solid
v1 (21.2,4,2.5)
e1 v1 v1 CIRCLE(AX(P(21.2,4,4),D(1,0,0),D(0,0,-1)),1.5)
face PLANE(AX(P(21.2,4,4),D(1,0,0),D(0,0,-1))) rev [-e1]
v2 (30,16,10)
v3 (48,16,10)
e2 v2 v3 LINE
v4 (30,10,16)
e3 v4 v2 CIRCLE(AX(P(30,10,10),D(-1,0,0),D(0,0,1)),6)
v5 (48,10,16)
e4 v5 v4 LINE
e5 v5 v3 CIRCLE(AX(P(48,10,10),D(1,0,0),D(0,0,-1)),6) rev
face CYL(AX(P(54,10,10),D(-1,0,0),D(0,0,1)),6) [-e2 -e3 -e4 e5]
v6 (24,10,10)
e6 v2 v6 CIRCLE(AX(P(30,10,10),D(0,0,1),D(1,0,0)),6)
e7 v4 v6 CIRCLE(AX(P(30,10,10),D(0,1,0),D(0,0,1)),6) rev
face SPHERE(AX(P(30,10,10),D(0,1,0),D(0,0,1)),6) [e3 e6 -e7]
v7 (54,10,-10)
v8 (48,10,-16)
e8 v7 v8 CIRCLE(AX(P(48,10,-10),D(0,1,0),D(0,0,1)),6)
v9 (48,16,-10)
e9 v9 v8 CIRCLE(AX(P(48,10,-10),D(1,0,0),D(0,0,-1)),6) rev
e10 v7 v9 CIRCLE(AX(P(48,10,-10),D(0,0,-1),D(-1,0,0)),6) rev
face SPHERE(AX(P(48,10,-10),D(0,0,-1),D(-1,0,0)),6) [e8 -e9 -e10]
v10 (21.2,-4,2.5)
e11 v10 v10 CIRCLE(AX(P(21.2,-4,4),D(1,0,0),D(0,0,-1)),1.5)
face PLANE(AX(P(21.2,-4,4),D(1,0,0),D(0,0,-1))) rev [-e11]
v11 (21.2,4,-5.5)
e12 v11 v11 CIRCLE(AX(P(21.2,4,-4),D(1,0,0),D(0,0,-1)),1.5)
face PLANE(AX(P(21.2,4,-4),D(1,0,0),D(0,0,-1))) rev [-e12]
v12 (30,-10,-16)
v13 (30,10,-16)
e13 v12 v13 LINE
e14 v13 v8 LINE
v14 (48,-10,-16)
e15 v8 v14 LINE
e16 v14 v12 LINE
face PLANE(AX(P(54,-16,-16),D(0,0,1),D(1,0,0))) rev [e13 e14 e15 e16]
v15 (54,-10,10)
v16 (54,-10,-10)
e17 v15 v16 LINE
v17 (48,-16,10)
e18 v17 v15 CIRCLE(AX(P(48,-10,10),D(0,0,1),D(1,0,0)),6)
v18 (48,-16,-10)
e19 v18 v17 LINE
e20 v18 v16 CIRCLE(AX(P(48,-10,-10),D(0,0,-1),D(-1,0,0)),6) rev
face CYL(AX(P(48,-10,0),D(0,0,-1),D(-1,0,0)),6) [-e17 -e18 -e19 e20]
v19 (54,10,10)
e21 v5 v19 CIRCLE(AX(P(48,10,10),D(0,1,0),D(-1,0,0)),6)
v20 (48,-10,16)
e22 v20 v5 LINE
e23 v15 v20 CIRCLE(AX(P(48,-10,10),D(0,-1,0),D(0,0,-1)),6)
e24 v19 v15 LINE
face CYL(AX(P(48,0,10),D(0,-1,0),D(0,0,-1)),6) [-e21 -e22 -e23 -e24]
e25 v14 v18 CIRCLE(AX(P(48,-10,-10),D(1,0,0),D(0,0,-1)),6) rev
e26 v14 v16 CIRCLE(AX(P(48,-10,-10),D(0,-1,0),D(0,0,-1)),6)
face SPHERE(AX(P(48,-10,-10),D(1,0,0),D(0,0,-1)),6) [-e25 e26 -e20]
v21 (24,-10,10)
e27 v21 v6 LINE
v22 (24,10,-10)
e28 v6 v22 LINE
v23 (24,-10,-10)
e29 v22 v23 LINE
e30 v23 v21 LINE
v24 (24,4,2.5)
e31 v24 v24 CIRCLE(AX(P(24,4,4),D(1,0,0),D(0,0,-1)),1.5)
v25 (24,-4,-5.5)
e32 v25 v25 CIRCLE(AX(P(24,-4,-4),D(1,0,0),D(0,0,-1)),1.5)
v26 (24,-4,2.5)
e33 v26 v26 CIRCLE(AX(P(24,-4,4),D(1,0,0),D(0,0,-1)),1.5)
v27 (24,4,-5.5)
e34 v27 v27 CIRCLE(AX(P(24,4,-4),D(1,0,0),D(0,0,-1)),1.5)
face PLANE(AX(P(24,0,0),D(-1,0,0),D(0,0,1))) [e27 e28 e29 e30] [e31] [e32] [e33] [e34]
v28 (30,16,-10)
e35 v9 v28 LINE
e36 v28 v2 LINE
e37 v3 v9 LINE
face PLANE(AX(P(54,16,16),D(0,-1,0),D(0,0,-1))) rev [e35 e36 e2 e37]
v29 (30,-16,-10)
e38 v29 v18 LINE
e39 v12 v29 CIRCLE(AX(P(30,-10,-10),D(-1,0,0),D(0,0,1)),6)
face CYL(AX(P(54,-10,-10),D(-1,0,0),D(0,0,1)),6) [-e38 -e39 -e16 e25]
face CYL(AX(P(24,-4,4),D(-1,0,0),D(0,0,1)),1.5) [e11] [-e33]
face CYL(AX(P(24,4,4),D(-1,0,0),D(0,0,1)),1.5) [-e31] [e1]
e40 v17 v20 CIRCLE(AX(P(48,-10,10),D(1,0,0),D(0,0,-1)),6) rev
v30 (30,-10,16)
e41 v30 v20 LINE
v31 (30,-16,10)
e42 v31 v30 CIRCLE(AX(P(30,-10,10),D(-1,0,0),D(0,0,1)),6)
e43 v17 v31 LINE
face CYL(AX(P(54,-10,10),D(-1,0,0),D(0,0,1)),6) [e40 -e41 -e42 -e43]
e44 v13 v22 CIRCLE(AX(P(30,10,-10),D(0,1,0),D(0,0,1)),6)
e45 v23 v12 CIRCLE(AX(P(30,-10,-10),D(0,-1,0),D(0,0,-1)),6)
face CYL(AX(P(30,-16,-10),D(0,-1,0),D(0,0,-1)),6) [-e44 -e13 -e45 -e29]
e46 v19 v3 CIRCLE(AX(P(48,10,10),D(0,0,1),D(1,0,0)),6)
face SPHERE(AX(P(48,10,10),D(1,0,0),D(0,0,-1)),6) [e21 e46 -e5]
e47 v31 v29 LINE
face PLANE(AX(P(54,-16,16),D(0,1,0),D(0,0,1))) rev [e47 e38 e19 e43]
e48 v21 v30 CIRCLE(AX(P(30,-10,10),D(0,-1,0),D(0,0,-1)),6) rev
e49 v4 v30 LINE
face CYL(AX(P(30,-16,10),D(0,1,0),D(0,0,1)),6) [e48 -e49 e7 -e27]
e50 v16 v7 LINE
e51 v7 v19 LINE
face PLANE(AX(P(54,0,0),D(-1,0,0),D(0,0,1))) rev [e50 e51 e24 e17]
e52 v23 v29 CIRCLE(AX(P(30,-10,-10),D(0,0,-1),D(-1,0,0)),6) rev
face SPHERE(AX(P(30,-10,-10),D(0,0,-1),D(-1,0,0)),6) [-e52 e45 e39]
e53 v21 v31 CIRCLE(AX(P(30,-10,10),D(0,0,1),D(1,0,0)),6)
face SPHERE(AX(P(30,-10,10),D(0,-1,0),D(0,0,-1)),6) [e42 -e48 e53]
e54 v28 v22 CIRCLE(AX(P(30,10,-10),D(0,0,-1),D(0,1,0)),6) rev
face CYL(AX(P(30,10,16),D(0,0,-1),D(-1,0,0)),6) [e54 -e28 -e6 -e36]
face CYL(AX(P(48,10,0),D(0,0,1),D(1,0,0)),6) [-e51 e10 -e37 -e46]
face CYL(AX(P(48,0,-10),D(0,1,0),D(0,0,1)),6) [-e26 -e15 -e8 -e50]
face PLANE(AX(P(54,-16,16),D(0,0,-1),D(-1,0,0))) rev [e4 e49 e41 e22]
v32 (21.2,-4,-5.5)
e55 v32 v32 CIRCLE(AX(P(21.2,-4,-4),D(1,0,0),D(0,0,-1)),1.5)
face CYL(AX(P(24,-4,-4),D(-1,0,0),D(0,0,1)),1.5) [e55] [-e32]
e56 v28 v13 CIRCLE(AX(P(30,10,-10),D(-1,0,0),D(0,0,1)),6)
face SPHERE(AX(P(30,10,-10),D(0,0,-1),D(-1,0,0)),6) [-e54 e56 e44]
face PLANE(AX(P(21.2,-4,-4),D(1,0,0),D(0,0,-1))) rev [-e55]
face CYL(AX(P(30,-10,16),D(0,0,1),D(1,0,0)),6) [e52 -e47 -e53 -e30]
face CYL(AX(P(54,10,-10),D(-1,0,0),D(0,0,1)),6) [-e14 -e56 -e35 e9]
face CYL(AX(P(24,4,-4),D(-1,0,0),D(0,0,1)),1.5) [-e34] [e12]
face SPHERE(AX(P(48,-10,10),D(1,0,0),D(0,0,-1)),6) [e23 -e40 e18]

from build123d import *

# Parameters (mm, degrees)
SKETCH1_W           = 32
SKETCH1_H           = 32
BOSS_EXTRUDE1_DEPTH = 30
FILLET1_R           = 6
SKETCH2_R           = 1.5
BOSS_EXTRUDE2_DEPTH = 2.8


with BuildPart() as part:
    # Sketch1 → Boss-Extrude1 (new body)
    with BuildSketch(Plane(origin=(24, 0, 0), x_dir=(0, 0, -1), z_dir=(1, 0, 0))):
        Rectangle(SKETCH1_W, SKETCH1_H)
    extrude(amount=BOSS_EXTRUDE1_DEPTH)

    # Fillet1
    fillet1_edges = [part.edges().sort_by_distance(p)[0] for p in [
        (54, 0, -16),
        (54, 16, 0),
        (54, 0, 16),
        (24, 16, 0),
        (24, 0, -16),
        (24, -16, 0),
        (24, 0, 16),
        (39, 16, 16),
        (39, 16, -16),
        (39, -16, -16),
        (39, -16, 16),
        (54, -16, 0),
    ]]
    fillet(fillet1_edges, radius=FILLET1_R)

    # Sketch2 → Boss-Extrude2 (add)
    with BuildSketch(Plane(origin=(21.2, 0, 0), x_dir=(0, 0, -1), z_dir=(1, 0, 0))):
        with Locations((-4, -4)):
            Circle(SKETCH2_R)
        with Locations((4, -4)):
            Circle(SKETCH2_R)
        with Locations((-4, 4)):
            Circle(SKETCH2_R)
        with Locations((4, 4)):
            Circle(SKETCH2_R)
    extrude(amount=BOSS_EXTRUDE2_DEPTH)


solid = part.part
